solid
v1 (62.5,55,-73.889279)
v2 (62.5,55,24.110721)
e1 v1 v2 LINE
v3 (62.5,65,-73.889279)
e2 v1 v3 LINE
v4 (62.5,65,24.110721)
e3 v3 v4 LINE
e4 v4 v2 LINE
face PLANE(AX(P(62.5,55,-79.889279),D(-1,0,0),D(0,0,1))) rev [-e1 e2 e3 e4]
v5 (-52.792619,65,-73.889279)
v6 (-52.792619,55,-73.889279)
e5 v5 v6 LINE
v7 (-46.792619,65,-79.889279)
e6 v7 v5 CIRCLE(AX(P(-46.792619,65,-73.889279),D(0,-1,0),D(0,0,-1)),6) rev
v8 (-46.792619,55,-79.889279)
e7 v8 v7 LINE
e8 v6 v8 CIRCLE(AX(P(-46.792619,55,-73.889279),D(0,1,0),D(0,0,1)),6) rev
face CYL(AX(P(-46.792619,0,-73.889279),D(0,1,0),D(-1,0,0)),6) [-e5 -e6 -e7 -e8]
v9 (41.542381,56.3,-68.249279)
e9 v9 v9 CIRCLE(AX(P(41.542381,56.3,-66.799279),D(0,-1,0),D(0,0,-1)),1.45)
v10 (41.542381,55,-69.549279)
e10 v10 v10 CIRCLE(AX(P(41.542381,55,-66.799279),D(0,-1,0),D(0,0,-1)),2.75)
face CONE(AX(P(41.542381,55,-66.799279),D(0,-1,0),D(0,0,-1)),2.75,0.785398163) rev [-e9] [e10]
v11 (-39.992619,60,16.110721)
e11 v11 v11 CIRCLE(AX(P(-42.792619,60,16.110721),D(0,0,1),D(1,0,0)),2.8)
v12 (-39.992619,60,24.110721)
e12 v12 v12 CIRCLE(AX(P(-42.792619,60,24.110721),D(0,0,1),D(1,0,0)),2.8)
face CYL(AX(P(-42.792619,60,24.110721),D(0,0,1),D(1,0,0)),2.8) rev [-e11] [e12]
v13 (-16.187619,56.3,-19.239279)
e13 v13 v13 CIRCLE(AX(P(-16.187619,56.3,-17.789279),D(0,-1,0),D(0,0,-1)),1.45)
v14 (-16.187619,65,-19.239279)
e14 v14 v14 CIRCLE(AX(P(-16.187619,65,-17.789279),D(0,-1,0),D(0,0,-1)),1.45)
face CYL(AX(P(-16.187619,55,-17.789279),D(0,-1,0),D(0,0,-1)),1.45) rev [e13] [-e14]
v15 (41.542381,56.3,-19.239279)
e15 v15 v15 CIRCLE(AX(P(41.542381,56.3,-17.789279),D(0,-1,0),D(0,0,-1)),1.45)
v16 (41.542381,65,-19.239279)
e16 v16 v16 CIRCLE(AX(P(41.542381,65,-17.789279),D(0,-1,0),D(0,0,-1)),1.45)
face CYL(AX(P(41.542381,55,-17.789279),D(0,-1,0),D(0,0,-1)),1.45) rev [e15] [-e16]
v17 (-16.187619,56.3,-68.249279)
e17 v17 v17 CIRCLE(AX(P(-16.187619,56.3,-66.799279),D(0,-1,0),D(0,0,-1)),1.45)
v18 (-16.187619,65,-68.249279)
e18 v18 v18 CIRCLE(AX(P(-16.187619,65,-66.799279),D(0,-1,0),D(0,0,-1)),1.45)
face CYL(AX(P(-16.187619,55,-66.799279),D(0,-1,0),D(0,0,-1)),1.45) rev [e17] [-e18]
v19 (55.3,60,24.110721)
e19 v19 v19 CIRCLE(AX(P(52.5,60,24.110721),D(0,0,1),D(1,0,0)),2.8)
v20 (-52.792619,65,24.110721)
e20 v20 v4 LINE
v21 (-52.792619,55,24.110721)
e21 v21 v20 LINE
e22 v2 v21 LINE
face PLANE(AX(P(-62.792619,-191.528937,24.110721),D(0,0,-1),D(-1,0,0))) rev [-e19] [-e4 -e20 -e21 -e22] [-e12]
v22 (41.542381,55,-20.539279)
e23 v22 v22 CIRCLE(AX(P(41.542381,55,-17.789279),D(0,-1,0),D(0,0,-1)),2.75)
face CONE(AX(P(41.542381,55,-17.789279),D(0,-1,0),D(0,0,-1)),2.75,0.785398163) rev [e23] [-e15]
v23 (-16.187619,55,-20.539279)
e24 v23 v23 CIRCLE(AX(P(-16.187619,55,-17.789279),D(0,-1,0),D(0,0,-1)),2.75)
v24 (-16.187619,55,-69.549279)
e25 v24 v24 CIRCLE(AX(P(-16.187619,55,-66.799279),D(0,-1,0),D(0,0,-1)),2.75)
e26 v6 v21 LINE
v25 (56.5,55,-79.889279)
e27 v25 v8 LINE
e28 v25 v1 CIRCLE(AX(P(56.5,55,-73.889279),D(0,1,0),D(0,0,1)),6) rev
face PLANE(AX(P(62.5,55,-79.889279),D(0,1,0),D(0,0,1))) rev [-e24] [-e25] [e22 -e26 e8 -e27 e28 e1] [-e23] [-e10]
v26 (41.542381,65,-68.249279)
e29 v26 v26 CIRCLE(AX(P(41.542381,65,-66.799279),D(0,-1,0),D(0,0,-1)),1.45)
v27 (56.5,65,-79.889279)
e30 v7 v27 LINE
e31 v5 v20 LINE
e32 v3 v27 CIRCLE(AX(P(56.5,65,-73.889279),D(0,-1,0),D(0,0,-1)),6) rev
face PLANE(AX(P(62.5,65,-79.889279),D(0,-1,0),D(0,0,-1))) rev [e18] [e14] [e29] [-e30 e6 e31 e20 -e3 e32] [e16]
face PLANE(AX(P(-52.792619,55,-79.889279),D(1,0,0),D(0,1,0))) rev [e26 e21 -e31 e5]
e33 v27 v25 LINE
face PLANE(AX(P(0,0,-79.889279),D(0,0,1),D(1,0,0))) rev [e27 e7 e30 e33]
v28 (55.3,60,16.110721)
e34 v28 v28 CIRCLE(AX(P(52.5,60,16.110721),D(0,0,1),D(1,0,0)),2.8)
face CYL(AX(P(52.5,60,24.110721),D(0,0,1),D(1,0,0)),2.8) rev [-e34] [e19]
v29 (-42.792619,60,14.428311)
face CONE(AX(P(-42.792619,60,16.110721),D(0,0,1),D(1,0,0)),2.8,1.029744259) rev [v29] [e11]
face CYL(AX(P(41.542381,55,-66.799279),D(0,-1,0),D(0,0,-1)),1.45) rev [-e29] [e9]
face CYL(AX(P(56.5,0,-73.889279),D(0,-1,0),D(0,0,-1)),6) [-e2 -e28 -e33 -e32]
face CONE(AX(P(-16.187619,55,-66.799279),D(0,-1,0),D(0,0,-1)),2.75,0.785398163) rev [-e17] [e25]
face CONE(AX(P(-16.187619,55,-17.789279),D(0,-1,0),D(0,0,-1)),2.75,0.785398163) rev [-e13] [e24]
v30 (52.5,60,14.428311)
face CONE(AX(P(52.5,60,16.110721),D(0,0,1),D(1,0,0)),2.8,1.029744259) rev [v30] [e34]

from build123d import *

# Parameters (mm, degrees)
SKETCH2_W                                         = 115.292618629
SKETCH2_H                                         = 134.000000002
BOSS_EXTRUDE2_DEPTH                               = 8
FILLET2_R                                         = 6
SKETCH19_W                                        = 8
SKETCH19_H                                        = 99
BOSS_EXTRUDE3_DEPTH                               = 115.292618629
SKETCH21_W                                        = 135.292618629
SKETCH21_H                                        = 129
SKETCH21_W_2                                      = 115.292618629
SKETCH21_H_2                                      = 99
BOSS_EXTRUDE4_DEPTH                               = 8
FILLET3_R                                         = 5
CUT_EXTRUDE1_DEPTH                                = 4
SKETCH24_W                                        = 115.292618629
SKETCH24_H                                        = 10
BOSS_EXTRUDE5_DEPTH                               = 104
FILLET4_R                                         = 6
CSK_FOR_M2_5_FLAT_HEAD_MACHINE_SCREW2_D           = 2.9
CSK_FOR_M2_5_FLAT_HEAD_MACHINE_SCREW2_DEPTH       = 10
CSK_FOR_M2_5_FLAT_HEAD_MACHINE_SCREW2_CSINK_D     = 5.5
CSK_FOR_M2_5_FLAT_HEAD_MACHINE_SCREW2_CSINK_ANGLE = 90
SKETCH49_R                                        = 4.43
CUT_EXTRUDE3_DEPTH                                = 8
M2_5_CLEARANCE_HOLE1_D                            = 2.9
CUT_EXTRUDE4_START                                = -8
CUT_EXTRUDE4_DEPTH                                = 8
CHAMFER1_SIZE                                     = 0.9
SKETCH62_W                                        = 134.000000002
SKETCH62_H                                        = 8
CUT_EXTRUDE5_DEPTH                                = 115.292618629
SKETCH63_W                                        = 135.292618629
SKETCH63_H                                        = 8
CUT_EXTRUDE6_DEPTH                                = 129
F_5_6_5_6_DIAMETER_HOLE1_D                        = 5.6
F_5_6_5_6_DIAMETER_HOLE1_DEPTH                    = 8
F_5_6_5_6_DIAMETER_HOLE1_TIP                      = 1.682409733


with BuildPart() as part:
    # Sketch2 → Boss-Extrude2 (new body)
    with BuildSketch(Plane(origin=(0, 0, 0), x_dir=(1, 0, 0), z_dir=(0, 1, 0))):
        with Locations((4.853690686, 42.889279439)):
            Rectangle(SKETCH2_W, SKETCH2_H)
    extrude(amount=BOSS_EXTRUDE2_DEPTH)

    # Fillet2
    fillet2_edges = [part.edges().sort_by_distance(p)[0] for p in [
        (-52.792618629, 4, -109.88927944),
        (62.5, 4, -109.88927944),
    ]]
    fillet(fillet2_edges, radius=FILLET2_R)

    # Sketch19 → Boss-Extrude3 (add)
    with BuildSketch(Plane.ZY.offset(52.792618629)):
        with Locations((28.110720562, 13.5)):
            Rectangle(SKETCH19_W, SKETCH19_H)
    extrude(amount=-BOSS_EXTRUDE3_DEPTH)

    # Sketch21 → Boss-Extrude4 (add)
    with BuildSketch(Plane.XY.offset(32.110720562)):
        with Locations((4.853690685, 8.5)):
            Rectangle(SKETCH21_W, SKETCH21_H)
        with Locations((4.853690686, 13.5)):
            Rectangle(SKETCH21_W_2, SKETCH21_H_2, mode=Mode.SUBTRACT)
    extrude(amount=-BOSS_EXTRUDE4_DEPTH)

    # Fillet3
    fillet3_edges = [part.edges().sort_by_distance(p)[0] for p in [
        (72.5, 73, 28.110720562),
        (72.5, -56, 28.110720562),
        (-62.792618629, -56, 28.110720562),
        (-62.792618629, 73, 28.110720562),
    ]]
    fillet(fillet3_edges, radius=FILLET3_R)

    # Sketch22 → Cut-Extrude1 (cut)
    with BuildSketch(Plane(origin=(0, 0, 24.110720562), x_dir=(-1, 0, 0), z_dir=(0, 0, -1))):
        with BuildLine():
            Line((62.792618629, -51), (62.792618629, 68))
            ThreePointArc((62.792618629, 68), (61.328152535, 71.535533906), (57.792618629, 73))
            Line((57.792618629, 73), (-67.5, 73))
            ThreePointArc((-67.5, 73), (-71.035533906, 71.535533906), (-72.5, 68))
            Line((-72.5, 68), (-72.5, -51))
            ThreePointArc((-72.5, -51), (-71.035533906, -54.535533906), (-67.5, -56))
            Line((-67.5, -56), (57.792618629, -56))
            ThreePointArc((57.792618629, -56), (61.328152535, -54.535533906), (62.792618629, -51))
        make_face()
        with BuildLine():
            Line((57.792618629, 69.75), (-67.5, 69.75))
            ThreePointArc((-67.5, 69.75), (-68.737436867, 69.237436867), (-69.25, 68))
            Line((-69.25, 68), (-69.25, -51))
            ThreePointArc((-69.25, -51), (-68.737436867, -52.237436867), (-67.5, -52.75))
            Line((-67.5, -52.75), (57.792618629, -52.75))
            ThreePointArc((57.792618629, -52.75), (59.030055496, -52.237436867), (59.542618629, -51))
            Line((59.542618629, -51), (59.542618629, 68))
            ThreePointArc((59.542618629, 68), (59.030055496, 69.237436867), (57.792618629, 69.75))
        make_face(mode=Mode.SUBTRACT)
    extrude(amount=-CUT_EXTRUDE1_DEPTH, mode=Mode.SUBTRACT)

    # Sketch24 → Boss-Extrude5 (add)
    with BuildSketch(Plane(origin=(0, 0, 24.110720562), x_dir=(-1, 0, 0), z_dir=(0, 0, -1))):
        with Locations((-4.853690686, 60)):
            Rectangle(SKETCH24_W, SKETCH24_H)
    extrude(amount=BOSS_EXTRUDE5_DEPTH)

    # Fillet4
    fillet4_edges = [part.edges().sort_by_distance(p)[0] for p in [
        (62.5, 60, -79.889279438),
        (-52.792618629, 60, -79.889279438),
    ]]
    fillet(fillet4_edges, radius=FILLET4_R)

    # CSK for M2.5 Flat Head Machine Screw2
    with Locations(Plane(origin=(0, 55, 0), x_dir=(-1, 0, 0), z_dir=(0, -1, 0))):
        with Locations((16.187618629, 66.799279438), (-41.542381371, 66.799279438), (16.187618629, 17.789279438), (-41.542381371, 17.789279438)):
            CounterSinkHole(CSK_FOR_M2_5_FLAT_HEAD_MACHINE_SCREW2_D / 2, CSK_FOR_M2_5_FLAT_HEAD_MACHINE_SCREW2_CSINK_D / 2, depth=CSK_FOR_M2_5_FLAT_HEAD_MACHINE_SCREW2_DEPTH, counter_sink_angle=CSK_FOR_M2_5_FLAT_HEAD_MACHINE_SCREW2_CSINK_ANGLE)

    # Sketch49 → Cut-Extrude3 (cut)
    with BuildSketch(Plane.XY.offset(32.110720562)):
        with Locations((4.853690685, 40.159632183)):
            Circle(SKETCH49_R)
    extrude(amount=-CUT_EXTRUDE3_DEPTH, mode=Mode.SUBTRACT)

    # M2.5 Clearance Hole1 (through all)
    with Locations(Plane(origin=(0, 8, 0), x_dir=(1, 0, 0), z_dir=(0, 1, 0))):
        with Locations((-28.27, 101.64), (-7.29, 101.64), (-7.29, 88.14), (-28.27, 88.14)):
            Hole(M2_5_CLEARANCE_HOLE1_D / 2)

    # Sketch60 → Cut-Extrude4 (cut)
    with BuildSketch(Plane(origin=(0, 8, 0), x_dir=(1, 0, 0), z_dir=(0, 1, 0)).offset(CUT_EXTRUDE4_START)):
        with BuildLine():
            Line((-30.27, 103.09), (-26.27, 103.09))
            ThreePointArc((-26.27, 103.09), (-24.82, 101.64), (-26.27, 100.19))
            Line((-26.27, 100.19), (-30.27, 100.19))
            ThreePointArc((-30.27, 100.19), (-31.72, 101.64), (-30.27, 103.09))
        make_face()
        with BuildLine():
            Line((-9.29, 103.09), (-5.29, 103.09))
            ThreePointArc((-5.29, 103.09), (-3.84, 101.64), (-5.29, 100.19))
            Line((-5.29, 100.19), (-9.29, 100.19))
            ThreePointArc((-9.29, 100.19), (-10.74, 101.64), (-9.29, 103.09))
        make_face()
        with BuildLine():
            Line((-30.27, 89.59), (-26.27, 89.59))
            ThreePointArc((-26.27, 89.59), (-24.82, 88.14), (-26.27, 86.69))
            Line((-26.27, 86.69), (-30.27, 86.69))
            ThreePointArc((-30.27, 86.69), (-31.72, 88.14), (-30.27, 89.59))
        make_face()
        with BuildLine():
            Line((-9.29, 89.59), (-5.29, 89.59))
            ThreePointArc((-5.29, 89.59), (-3.84, 88.14), (-5.29, 86.69))
            Line((-5.29, 86.69), (-9.29, 86.69))
            ThreePointArc((-9.29, 86.69), (-10.74, 88.14), (-9.29, 89.59))
        make_face()
    extrude(amount=CUT_EXTRUDE4_DEPTH, mode=Mode.SUBTRACT)

    # Chamfer1
    chamfer1_edges = [part.edges().sort_by_distance(p)[0] for p in [
        (-7.29, 8, -100.19),
        (-3.84, 8, -101.64),
        (-7.29, 8, -103.09),
        (-28.27, 8, -86.69),
        (-24.82, 8, -88.14),
        (-28.27, 8, -89.59),
        (-7.29, 8, -86.69),
        (-3.84, 8, -88.14),
        (-7.29, 8, -89.59),
        (-28.27, 8, -103.09),
        (-31.72, 8, -101.64),
        (-28.27, 8, -100.19),
        (-24.82, 8, -101.64),
        (-10.74, 8, -88.14),
        (-31.72, 8, -88.14),
        (-10.74, 8, -101.64),
    ]]
    chamfer(chamfer1_edges, length=CHAMFER1_SIZE)

    # Sketch62 → Cut-Extrude5 (cut)
    with BuildSketch(Plane.ZY.offset(52.792618629)):
        with Locations((-42.889279439, 4)):
            Rectangle(SKETCH62_W, SKETCH62_H)
    extrude(amount=-CUT_EXTRUDE5_DEPTH, mode=Mode.SUBTRACT)

    # Sketch63 → Cut-Extrude6 (cut)
    with BuildSketch(Plane(origin=(0, 73, 0), x_dir=(1, 0, 0), z_dir=(0, 1, 0))):
        with Locations((4.853690685, -28.110720562)):
            Rectangle(SKETCH63_W, SKETCH63_H)
    extrude(amount=-CUT_EXTRUDE6_DEPTH, mode=Mode.SUBTRACT)

    # Ø5.6 (5.6) Diameter Hole1
    with Locations(Plane.XY.offset(24.110720562)):
        with Locations((-42.792618629, 60), (52.5, 60)):
            Hole(F_5_6_5_6_DIAMETER_HOLE1_D / 2, depth=F_5_6_5_6_DIAMETER_HOLE1_DEPTH)
            with Locations((0, 0, -(F_5_6_5_6_DIAMETER_HOLE1_DEPTH + F_5_6_5_6_DIAMETER_HOLE1_TIP / 2))):  # 118° drill point
                Cone(0, F_5_6_5_6_DIAMETER_HOLE1_D / 2, F_5_6_5_6_DIAMETER_HOLE1_TIP, mode=Mode.SUBTRACT)


solid = part.part
